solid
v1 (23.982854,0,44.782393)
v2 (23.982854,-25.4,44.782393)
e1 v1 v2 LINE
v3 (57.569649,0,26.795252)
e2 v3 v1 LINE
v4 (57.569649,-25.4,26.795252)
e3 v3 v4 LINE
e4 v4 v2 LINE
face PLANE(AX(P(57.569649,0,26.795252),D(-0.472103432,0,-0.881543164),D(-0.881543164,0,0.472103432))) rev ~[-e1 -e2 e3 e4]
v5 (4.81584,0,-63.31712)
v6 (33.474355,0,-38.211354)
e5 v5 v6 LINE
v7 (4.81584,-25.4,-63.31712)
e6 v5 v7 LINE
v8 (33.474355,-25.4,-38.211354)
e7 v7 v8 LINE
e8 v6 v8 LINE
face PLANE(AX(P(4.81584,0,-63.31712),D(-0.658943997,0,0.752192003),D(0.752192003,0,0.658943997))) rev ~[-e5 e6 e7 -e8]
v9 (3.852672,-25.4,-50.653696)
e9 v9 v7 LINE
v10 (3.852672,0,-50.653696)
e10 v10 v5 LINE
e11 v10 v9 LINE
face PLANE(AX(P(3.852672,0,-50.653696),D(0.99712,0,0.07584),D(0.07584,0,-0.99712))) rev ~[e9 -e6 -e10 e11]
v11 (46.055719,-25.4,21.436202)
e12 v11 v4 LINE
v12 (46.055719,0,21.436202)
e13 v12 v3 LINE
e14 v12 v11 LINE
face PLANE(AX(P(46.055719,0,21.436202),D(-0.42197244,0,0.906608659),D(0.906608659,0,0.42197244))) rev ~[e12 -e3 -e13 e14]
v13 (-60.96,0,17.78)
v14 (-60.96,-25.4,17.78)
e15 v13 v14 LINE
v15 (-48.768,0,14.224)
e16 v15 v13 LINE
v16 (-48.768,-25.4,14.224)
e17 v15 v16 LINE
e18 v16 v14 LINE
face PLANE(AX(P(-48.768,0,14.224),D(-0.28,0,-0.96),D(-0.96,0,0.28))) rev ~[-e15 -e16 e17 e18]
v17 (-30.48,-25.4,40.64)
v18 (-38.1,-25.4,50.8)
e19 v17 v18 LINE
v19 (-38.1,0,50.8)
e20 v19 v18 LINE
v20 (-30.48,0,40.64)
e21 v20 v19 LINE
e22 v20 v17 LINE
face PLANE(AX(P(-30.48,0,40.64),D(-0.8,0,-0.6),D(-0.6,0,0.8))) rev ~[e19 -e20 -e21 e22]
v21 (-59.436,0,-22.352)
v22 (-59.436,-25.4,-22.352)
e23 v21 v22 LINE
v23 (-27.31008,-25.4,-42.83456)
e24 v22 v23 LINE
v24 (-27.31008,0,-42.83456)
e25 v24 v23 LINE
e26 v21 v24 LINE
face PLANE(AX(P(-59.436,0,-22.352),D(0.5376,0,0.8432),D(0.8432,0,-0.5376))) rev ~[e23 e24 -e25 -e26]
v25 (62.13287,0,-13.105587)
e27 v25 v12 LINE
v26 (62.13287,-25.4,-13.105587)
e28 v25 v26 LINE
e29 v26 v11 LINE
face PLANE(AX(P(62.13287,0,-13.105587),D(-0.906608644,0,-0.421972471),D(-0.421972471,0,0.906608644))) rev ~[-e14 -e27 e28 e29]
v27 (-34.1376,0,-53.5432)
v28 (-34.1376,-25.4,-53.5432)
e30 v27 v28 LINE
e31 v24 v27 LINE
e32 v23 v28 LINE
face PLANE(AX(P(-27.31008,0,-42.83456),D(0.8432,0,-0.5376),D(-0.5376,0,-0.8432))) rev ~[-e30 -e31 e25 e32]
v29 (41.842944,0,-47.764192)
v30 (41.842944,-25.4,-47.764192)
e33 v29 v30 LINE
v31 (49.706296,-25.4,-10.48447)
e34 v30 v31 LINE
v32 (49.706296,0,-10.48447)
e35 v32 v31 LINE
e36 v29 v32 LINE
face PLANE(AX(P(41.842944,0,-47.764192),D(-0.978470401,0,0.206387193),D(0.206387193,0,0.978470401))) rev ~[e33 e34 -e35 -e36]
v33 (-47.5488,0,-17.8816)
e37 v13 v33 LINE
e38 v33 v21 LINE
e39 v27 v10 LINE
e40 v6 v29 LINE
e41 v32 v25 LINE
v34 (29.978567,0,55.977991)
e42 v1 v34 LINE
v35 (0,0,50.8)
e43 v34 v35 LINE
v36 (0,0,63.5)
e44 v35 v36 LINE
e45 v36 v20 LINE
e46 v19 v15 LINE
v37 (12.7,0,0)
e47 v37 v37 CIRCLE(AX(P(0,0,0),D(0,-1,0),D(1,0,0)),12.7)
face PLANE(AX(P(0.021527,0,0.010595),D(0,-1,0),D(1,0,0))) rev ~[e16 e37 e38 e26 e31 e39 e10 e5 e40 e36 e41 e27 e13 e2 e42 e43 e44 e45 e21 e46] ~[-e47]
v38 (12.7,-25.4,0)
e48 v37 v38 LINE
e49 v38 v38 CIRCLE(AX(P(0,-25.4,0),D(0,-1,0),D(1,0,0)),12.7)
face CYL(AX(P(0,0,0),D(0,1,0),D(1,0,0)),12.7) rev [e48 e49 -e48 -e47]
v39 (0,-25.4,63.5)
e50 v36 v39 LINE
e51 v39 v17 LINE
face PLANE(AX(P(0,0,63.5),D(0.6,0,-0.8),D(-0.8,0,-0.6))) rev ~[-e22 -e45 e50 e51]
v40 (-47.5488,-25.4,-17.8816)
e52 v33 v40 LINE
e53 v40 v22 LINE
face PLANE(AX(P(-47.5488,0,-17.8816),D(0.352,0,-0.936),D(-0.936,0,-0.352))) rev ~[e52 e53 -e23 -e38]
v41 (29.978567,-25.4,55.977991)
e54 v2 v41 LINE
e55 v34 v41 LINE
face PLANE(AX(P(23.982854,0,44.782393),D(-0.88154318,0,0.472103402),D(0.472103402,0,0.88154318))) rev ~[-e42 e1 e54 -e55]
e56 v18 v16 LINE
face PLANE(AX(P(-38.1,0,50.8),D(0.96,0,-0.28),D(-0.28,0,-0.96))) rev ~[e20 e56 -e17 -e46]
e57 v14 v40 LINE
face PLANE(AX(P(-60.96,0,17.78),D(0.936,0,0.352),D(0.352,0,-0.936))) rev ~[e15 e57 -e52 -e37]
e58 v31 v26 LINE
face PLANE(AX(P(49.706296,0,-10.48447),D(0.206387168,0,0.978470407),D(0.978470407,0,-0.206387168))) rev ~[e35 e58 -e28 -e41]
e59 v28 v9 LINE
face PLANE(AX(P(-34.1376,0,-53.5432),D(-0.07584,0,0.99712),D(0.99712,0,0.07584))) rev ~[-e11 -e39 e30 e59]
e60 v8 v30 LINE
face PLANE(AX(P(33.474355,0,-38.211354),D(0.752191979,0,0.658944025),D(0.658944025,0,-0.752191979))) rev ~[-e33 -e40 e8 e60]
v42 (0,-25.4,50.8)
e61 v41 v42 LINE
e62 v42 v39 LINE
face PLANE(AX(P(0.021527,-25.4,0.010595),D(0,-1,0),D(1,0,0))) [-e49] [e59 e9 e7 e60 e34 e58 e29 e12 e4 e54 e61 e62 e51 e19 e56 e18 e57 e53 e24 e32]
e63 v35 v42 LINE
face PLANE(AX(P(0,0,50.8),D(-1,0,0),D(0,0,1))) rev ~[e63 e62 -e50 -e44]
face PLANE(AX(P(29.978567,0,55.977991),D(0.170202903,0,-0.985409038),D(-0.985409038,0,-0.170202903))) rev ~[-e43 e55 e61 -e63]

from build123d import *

# Parameters (mm, degrees)
F0_R     = 12.7
F1_DEPTH = 25.4


with BuildPart() as f1:
    # F0 (on Front) → F1 (new body)
    with BuildSketch(Plane.XZ):
        with BuildLine():
            ThreePointArc((49.706296, -10.48447), (50.525834, -5.270681), (50.8, 0))
            ThreePointArc((50.8, 0), (49.599751, 10.977465), (46.055719, 21.436202))
            ThreePointArc((46.055719, 21.436202), (36.913569, 34.900264), (23.982854, 44.782393))
            ThreePointArc((23.982854, 44.782393), (12.36314, 49.272637), (0, 50.8))
            ThreePointArc((0, 50.8), (-16.064371, 48.193112), (-30.48, 40.64))
            ThreePointArc((-30.48, 40.64), (-41.767363, 28.915867), (-48.768, 14.224))
            ThreePointArc((-48.768, 14.224), (-50.763411, -1.927724), (-47.5488, -17.8816))
            ThreePointArc((-47.5488, -17.8816), (-39.454094, -32.000226), (-27.31008, -42.83456))
            ThreePointArc((-27.31008, -42.83456), (-12.36314, -49.272637), (3.852672, -50.653696))
            ThreePointArc((3.852672, -50.653696), (19.673071, -46.835994), (33.474355, -38.211354))
            ThreePointArc((33.474355, -38.211354), (43.840053, -25.664952), (49.706296, -10.48447))
        make_face()
        Circle(F0_R, mode=Mode.SUBTRACT)
        with BuildLine():
            ThreePointArc((-30.48, 40.64), (-16.064371, 48.193112), (0, 50.8))
            Line((0, 50.8), (0, 63.5))
            Line((0, 63.5), (-30.48, 40.64))
        make_face()
        with BuildLine():
            ThreePointArc((-48.768, 14.224), (-41.767363, 28.915867), (-30.48, 40.64))
            Line((-30.48, 40.64), (-38.1, 50.8))
            Line((-38.1, 50.8), (-48.768, 14.224))
        make_face()
        with BuildLine():
            ThreePointArc((-47.5488, -17.8816), (-50.763411, -1.927724), (-48.768, 14.224))
            Line((-48.768, 14.224), (-60.96, 17.78))
            Line((-60.96, 17.78), (-47.5488, -17.8816))
        make_face()
        with BuildLine():
            Line((-59.436, -22.352), (-27.31008, -42.83456))
            ThreePointArc((-27.31008, -42.83456), (-39.454094, -32.000226), (-47.5488, -17.8816))
            Line((-47.5488, -17.8816), (-59.436, -22.352))
        make_face()
        with BuildLine():
            Line((-34.1376, -53.5432), (3.852672, -50.653696))
            ThreePointArc((3.852672, -50.653696), (-12.36314, -49.272637), (-27.31008, -42.83456))
            Line((-27.31008, -42.83456), (-34.1376, -53.5432))
        make_face()
        with BuildLine():
            Line((4.81584, -63.31712), (33.474355, -38.211354))
            ThreePointArc((33.474355, -38.211354), (19.673071, -46.835994), (3.852672, -50.653696))
            Line((3.852672, -50.653696), (4.81584, -63.31712))
        make_face()
        with BuildLine():
            Line((41.842944, -47.764192), (49.706296, -10.48447))
            ThreePointArc((49.706296, -10.48447), (43.840053, -25.664952), (33.474355, -38.211354))
            Line((33.474355, -38.211354), (41.842944, -47.764192))
        make_face()
        with BuildLine():
            ThreePointArc((23.982854, 44.782393), (36.913569, 34.900264), (46.055719, 21.436202))
            Line((46.055719, 21.436202), (57.569649, 26.795252))
            Line((57.569649, 26.795252), (23.982854, 44.782393))
        make_face()
        with BuildLine():
            ThreePointArc((0, 50.8), (12.36314, 49.272637), (23.982854, 44.782393))
            Line((23.982854, 44.782393), (29.978567, 55.977991))
            Line((29.978567, 55.977991), (0, 50.8))
        make_face()
        with BuildLine():
            ThreePointArc((46.055719, 21.436202), (49.599751, 10.977465), (50.8, 0))
            ThreePointArc((50.8, 0), (50.525834, -5.270681), (49.706296, -10.48447))
            Line((49.706296, -10.48447), (62.13287, -13.105587))
            Line((62.13287, -13.105587), (46.055719, 21.436202))
        make_face()
    extrude(amount=F1_DEPTH)


solid = f1.part
